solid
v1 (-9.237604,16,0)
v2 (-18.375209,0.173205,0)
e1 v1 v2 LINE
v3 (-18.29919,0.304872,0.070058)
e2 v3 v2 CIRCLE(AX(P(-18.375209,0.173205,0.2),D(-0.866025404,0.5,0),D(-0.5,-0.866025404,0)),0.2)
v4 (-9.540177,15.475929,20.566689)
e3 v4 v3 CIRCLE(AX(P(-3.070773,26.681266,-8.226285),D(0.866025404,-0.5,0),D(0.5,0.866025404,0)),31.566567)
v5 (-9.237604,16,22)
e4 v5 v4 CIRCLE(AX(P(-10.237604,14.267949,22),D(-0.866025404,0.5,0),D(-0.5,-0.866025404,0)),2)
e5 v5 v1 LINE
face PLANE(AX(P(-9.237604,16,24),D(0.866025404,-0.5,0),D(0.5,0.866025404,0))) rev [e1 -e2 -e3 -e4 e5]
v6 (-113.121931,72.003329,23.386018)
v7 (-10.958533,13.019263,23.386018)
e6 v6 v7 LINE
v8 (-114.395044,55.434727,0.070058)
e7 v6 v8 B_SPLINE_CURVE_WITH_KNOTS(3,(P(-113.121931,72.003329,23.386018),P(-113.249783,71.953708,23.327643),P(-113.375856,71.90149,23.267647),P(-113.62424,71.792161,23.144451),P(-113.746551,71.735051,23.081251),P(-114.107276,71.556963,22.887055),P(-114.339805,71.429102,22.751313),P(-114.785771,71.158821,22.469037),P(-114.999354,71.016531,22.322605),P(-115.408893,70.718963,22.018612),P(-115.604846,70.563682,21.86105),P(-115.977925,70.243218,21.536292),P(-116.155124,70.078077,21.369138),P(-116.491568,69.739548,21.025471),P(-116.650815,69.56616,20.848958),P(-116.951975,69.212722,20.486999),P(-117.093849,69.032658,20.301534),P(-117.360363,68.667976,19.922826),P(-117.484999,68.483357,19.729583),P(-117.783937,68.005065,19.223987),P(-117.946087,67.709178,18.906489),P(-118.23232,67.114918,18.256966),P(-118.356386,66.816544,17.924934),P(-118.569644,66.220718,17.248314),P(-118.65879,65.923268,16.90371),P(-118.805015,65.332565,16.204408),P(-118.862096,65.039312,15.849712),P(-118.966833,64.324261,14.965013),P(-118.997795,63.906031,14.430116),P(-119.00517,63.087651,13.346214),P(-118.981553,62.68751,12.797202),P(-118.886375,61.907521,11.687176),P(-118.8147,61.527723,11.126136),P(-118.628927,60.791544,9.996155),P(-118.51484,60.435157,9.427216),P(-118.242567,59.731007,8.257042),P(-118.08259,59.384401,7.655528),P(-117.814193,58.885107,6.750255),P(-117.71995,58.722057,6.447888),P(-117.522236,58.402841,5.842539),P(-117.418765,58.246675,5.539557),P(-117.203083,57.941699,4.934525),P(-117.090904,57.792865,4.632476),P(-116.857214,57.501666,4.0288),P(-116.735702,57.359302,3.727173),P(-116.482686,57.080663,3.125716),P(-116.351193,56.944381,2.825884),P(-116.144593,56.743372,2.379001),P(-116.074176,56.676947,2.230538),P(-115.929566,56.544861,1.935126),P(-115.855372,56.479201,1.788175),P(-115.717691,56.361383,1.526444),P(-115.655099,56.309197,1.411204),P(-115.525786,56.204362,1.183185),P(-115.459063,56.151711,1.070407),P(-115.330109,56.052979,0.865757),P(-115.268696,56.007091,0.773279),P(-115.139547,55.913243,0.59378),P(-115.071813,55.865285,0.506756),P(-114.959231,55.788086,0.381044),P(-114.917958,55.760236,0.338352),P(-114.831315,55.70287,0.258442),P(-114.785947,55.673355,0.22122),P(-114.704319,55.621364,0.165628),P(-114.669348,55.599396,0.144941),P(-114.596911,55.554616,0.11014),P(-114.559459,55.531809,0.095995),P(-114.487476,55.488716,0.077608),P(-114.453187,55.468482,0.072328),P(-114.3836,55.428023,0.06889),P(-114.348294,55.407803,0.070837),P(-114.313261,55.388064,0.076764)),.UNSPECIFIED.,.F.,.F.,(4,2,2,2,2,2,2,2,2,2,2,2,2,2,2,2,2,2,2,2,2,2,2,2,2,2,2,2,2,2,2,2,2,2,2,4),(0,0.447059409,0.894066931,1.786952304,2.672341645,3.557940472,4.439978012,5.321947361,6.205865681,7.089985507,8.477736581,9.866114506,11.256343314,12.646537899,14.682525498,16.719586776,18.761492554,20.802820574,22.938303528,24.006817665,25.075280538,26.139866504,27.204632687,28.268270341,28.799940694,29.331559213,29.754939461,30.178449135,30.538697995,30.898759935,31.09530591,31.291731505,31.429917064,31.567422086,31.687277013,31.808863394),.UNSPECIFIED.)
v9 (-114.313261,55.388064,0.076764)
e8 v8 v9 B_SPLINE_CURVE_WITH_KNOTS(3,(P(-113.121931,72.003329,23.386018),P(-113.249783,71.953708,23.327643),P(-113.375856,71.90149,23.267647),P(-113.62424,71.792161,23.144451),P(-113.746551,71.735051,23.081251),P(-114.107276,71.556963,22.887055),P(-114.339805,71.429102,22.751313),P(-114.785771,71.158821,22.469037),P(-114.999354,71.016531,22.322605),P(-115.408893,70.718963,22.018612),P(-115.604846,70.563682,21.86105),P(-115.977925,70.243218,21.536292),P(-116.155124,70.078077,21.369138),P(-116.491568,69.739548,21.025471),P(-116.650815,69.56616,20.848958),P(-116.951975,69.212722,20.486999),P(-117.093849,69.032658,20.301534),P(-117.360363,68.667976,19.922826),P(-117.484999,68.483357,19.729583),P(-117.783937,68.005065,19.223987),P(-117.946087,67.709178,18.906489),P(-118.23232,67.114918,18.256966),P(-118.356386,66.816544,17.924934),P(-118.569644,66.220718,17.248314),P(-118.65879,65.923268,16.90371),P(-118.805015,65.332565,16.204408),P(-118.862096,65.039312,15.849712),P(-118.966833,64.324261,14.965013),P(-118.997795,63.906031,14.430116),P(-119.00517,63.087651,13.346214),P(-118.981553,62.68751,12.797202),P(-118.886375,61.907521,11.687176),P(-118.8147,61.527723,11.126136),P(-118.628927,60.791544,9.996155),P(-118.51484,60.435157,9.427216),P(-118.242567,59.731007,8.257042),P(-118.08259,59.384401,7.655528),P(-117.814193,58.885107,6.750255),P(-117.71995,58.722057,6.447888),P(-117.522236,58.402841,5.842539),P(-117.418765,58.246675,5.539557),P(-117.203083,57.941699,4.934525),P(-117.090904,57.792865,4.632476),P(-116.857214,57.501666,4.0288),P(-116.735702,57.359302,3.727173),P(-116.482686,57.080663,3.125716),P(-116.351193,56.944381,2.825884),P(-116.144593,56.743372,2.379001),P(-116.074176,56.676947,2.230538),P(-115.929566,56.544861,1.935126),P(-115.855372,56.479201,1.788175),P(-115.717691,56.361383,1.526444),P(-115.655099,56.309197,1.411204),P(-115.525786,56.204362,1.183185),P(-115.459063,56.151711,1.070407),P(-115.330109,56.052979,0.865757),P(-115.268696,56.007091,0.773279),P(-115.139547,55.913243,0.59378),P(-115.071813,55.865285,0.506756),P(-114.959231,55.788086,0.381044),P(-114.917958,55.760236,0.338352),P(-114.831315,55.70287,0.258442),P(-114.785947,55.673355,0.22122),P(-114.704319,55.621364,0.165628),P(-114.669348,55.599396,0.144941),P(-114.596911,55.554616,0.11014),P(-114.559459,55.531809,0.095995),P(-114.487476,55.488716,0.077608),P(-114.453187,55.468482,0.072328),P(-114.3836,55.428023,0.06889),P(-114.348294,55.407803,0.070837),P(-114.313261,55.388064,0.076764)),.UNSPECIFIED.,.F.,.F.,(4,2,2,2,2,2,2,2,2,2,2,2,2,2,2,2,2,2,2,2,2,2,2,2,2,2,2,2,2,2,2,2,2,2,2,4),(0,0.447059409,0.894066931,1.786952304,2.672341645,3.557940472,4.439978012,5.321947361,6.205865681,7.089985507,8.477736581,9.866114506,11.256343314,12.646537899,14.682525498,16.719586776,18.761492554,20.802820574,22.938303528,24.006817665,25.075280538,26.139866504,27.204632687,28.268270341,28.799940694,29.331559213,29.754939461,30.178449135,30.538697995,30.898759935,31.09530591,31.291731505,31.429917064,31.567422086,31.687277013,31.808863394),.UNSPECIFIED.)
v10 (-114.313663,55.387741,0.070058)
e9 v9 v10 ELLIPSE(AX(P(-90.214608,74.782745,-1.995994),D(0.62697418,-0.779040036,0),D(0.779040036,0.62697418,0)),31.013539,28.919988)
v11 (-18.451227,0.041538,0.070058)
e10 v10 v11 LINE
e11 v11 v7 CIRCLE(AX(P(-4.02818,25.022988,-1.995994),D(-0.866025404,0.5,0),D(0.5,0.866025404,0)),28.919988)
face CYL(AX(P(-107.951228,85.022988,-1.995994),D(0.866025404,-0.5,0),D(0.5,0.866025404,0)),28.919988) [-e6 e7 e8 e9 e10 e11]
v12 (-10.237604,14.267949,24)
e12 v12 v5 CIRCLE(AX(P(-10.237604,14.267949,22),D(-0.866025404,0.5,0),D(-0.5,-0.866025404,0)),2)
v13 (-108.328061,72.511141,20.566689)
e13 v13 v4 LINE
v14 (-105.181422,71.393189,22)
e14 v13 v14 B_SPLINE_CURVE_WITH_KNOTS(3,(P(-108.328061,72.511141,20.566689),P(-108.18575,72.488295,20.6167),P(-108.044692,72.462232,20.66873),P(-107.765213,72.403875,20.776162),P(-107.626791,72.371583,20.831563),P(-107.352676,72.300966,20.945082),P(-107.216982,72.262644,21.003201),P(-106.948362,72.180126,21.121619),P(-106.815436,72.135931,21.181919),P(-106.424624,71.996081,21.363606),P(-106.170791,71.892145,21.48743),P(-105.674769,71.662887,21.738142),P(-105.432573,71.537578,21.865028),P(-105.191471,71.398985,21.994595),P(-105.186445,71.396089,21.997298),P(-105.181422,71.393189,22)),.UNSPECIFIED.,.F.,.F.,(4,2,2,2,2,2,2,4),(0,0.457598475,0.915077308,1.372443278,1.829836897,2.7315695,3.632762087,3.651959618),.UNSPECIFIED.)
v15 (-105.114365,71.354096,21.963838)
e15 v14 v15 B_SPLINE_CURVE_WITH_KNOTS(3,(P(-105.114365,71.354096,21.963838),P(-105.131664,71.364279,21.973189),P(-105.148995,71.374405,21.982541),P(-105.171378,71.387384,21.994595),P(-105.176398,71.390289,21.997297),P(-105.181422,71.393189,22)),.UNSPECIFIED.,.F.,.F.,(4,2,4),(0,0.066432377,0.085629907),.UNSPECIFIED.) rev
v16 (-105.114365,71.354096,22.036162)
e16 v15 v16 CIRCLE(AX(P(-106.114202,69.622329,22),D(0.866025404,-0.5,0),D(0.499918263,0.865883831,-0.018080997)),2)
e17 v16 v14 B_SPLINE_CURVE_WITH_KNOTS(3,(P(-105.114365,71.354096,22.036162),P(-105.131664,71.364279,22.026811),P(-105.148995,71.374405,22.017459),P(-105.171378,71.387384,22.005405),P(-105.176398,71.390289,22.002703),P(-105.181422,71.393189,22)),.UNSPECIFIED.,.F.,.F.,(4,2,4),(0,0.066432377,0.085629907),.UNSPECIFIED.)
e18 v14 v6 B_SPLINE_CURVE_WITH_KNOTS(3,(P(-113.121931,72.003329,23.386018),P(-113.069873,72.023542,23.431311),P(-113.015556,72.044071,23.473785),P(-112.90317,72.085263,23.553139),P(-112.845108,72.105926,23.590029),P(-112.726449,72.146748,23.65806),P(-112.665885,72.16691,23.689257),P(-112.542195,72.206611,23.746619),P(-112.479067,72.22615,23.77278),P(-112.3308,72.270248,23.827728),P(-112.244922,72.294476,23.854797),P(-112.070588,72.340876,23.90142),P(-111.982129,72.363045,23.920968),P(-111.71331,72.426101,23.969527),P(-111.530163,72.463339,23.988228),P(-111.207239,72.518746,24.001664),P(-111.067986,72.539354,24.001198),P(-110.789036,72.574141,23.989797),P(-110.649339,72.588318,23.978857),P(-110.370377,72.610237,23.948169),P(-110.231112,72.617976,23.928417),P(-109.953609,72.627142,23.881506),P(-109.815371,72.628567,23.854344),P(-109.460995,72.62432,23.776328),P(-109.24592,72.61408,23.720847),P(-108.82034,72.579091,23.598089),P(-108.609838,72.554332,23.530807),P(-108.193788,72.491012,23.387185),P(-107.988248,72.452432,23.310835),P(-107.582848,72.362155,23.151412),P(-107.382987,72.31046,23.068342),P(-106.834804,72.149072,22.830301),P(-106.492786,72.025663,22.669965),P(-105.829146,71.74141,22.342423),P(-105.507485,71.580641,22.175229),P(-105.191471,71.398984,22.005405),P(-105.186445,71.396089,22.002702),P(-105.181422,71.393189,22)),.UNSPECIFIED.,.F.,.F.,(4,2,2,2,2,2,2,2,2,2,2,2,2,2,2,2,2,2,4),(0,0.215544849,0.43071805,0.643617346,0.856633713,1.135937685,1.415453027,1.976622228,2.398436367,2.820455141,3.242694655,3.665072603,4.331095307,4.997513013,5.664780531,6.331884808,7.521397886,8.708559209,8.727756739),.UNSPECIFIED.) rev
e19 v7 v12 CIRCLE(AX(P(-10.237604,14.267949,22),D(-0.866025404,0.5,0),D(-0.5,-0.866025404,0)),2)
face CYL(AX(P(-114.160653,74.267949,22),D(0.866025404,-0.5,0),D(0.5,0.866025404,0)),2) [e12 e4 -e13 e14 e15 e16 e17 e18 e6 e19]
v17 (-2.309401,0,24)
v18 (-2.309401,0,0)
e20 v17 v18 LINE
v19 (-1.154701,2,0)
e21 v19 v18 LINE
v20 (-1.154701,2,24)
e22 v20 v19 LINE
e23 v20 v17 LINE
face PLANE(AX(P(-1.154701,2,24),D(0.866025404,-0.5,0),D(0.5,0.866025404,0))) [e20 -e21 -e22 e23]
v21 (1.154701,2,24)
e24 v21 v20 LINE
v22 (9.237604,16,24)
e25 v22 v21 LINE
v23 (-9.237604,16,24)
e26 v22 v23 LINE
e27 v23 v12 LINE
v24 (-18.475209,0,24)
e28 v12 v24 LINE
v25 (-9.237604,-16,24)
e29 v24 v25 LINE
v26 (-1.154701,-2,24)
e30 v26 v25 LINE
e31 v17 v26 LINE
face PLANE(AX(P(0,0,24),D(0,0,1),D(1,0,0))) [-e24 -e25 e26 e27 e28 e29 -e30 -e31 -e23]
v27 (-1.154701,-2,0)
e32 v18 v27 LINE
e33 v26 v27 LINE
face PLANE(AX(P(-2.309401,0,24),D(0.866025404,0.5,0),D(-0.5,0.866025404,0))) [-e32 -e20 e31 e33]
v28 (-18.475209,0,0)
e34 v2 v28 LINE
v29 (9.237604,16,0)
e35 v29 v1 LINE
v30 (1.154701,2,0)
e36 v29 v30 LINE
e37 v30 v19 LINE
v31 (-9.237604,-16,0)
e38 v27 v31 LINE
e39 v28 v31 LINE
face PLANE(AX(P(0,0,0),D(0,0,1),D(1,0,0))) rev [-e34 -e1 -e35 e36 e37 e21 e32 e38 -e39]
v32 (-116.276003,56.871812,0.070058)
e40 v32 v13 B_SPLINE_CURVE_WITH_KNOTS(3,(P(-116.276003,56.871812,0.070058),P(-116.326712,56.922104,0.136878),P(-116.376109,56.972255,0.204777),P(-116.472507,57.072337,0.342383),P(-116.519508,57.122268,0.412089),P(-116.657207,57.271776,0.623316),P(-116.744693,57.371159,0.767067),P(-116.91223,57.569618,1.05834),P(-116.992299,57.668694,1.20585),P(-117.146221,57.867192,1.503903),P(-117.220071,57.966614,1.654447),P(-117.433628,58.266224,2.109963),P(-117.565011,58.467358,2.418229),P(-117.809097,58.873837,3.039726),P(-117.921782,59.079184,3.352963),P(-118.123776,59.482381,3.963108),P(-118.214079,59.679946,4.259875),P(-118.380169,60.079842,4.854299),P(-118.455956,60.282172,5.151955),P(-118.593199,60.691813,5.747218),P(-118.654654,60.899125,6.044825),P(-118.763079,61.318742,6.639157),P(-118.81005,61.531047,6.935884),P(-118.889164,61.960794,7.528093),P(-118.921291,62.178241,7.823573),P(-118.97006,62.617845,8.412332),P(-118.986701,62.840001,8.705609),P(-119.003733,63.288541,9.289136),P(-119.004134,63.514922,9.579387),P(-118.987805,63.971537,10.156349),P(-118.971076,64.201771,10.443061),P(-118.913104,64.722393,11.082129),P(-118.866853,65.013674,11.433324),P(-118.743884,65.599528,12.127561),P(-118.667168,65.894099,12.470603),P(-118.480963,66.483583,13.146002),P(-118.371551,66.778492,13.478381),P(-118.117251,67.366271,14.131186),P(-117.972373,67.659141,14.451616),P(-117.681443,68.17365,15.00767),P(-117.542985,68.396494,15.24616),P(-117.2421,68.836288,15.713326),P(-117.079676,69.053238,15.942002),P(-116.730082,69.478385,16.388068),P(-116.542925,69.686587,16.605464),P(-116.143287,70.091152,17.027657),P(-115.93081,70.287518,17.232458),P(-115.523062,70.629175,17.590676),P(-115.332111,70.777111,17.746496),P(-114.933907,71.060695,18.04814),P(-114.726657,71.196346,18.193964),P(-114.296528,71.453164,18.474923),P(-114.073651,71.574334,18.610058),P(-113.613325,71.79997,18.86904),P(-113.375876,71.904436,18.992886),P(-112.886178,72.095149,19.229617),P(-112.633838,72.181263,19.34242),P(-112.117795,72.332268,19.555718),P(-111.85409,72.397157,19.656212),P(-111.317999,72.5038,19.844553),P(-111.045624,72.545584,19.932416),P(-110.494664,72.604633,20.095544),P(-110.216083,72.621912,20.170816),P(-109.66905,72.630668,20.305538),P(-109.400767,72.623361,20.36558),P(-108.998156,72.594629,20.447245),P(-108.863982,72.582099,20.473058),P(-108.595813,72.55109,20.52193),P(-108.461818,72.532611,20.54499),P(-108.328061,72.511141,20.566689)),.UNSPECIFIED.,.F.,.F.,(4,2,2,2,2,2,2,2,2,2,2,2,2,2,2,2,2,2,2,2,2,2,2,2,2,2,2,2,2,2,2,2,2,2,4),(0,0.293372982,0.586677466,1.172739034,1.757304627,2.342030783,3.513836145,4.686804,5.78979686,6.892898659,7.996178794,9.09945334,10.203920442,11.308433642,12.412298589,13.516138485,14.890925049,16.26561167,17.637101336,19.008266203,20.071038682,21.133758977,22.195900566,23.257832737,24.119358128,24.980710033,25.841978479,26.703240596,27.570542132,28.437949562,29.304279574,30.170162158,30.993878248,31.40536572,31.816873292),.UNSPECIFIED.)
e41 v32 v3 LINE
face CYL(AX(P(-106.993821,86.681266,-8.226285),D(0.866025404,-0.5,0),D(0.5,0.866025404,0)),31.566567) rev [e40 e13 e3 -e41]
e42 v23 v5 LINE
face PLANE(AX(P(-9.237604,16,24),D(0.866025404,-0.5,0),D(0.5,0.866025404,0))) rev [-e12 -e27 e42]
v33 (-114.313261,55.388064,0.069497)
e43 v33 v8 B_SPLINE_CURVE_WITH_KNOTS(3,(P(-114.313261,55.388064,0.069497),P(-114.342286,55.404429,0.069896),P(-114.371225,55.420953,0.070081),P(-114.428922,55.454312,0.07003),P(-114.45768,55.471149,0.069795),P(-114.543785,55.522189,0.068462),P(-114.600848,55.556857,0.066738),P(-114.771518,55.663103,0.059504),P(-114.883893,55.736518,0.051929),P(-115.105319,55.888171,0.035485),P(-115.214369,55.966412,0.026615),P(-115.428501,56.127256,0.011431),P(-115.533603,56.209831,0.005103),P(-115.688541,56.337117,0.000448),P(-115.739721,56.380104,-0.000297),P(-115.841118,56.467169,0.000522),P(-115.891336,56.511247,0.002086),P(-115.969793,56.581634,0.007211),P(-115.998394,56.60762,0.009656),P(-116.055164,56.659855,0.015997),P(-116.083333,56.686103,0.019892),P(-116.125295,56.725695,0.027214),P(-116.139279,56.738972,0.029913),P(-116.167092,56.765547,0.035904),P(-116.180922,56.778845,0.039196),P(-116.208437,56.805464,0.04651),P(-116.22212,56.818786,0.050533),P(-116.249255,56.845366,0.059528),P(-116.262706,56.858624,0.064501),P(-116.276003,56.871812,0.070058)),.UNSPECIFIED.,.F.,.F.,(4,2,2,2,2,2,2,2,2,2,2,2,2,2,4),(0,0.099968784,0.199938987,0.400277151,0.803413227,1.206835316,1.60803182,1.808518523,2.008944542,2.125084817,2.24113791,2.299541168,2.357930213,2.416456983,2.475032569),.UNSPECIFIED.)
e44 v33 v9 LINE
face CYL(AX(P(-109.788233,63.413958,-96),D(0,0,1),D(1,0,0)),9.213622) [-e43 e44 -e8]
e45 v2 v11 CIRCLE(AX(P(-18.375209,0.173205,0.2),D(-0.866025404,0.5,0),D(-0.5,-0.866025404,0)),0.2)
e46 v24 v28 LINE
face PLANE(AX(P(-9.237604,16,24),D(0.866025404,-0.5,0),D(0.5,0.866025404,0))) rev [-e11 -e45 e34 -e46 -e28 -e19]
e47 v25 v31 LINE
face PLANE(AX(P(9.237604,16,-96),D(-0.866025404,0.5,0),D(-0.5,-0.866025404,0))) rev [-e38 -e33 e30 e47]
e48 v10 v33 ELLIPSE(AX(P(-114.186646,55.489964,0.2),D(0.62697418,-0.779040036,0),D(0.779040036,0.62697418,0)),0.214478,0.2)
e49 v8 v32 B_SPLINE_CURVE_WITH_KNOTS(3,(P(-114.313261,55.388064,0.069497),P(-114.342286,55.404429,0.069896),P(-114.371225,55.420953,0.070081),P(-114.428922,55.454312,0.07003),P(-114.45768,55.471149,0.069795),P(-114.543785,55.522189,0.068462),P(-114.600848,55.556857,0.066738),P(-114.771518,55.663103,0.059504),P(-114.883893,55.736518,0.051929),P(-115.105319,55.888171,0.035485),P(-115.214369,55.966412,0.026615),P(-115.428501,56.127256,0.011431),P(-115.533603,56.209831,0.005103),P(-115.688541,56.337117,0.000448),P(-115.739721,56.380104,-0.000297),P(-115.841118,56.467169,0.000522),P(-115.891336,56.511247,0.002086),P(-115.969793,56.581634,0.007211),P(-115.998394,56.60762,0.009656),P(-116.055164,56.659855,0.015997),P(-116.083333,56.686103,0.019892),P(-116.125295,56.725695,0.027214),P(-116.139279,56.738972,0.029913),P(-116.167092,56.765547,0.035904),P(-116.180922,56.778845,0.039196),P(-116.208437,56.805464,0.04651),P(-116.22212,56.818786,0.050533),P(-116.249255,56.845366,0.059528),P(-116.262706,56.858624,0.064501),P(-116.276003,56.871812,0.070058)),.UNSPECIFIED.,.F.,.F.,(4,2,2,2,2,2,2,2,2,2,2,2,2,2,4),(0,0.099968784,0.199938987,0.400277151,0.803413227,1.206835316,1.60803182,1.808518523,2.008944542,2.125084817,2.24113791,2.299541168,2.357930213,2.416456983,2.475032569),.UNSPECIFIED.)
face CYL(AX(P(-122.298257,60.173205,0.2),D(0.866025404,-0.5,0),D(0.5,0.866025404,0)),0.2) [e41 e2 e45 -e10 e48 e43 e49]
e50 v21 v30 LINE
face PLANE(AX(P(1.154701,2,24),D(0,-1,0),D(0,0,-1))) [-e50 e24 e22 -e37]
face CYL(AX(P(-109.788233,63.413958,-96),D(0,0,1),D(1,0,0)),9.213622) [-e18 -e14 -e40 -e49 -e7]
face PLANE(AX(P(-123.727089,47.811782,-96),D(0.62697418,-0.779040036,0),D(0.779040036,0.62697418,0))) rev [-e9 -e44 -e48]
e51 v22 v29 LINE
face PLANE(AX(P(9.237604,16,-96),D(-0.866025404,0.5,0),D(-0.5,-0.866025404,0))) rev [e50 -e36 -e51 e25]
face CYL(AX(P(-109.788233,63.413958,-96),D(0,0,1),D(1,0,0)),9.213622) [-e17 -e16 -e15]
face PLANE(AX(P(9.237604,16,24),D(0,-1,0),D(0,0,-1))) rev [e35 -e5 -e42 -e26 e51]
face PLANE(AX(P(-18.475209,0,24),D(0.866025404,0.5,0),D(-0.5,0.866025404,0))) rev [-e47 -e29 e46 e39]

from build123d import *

# Parameters (mm, degrees)
Y_KSEKLIK_EKSTR_ZYON1_DEPTH = 24
Y_KSEKLIK_EKSTR_ZYON3_DEPTH = 120
KES_EKSTR_ZYON1_DEPTH       = 120
KES_EKSTR_ZYON2_DEPTH       = 120


with BuildPart() as part:
    # Çizim1 → Yükseklik-Ekstrüzyon1 (new body)
    with BuildSketch(Plane.XY):
        Polygon((18.475208614, 0), (9.237604307, 16), (-9.237604307, 16), (-18.475208614, 0), (-9.237604307, -16), (9.237604307, -16), align=None)
        Polygon((2.309401077, 0), (1.154700538, 2), (-1.154700538, 2), (-2.309401077, 0), (-1.154700538, -2), (1.154700538, -2), align=None, mode=Mode.SUBTRACT)
    extrude(amount=Y_KSEKLIK_EKSTR_ZYON1_DEPTH)

    # Çizim2 → Yükseklik-Ekstrüzyon3 (add)
    with BuildSketch(Plane(origin=(-13.856406461, 8, 0), x_dir=(0, 0, 1), z_dir=(-0.866025404, 0.5, 0))):
        with BuildLine():
            ThreePointArc((20.566689436, 8.632459435), (12.282851611, -2.425053991), (0.070057864, -8.885567992))
            ThreePointArc((0.070057864, -8.885567992), (0, -9.037604307), (0.070057864, -9.189640622))
            ThreePointArc((0.070057864, -9.189640622), (13.640166109, -4.672052834), (23.386017658, 5.795746113))
            ThreePointArc((23.386017658, 5.795746113), (23.418553761, 8.64746431), (20.566689436, 8.632459435))
        make_face()
    extrude(amount=Y_KSEKLIK_EKSTR_ZYON3_DEPTH)

    # Çizim4 → Kes-Ekstrüzyon1 (cut)
    with BuildSketch(Plane.XY.offset(24)):
        with BuildLine():
            Line((-105.114365337, 71.354096261), (-100.895998051, 78.520414233))
            Line((-100.895998051, 78.520414233), (-120.05269231, 81.506783127))
            Line((-120.05269231, 81.506783127), (-133.968493321, 62.353012073))
            Line((-133.968493321, 62.353012073), (-123.727089206, 47.811781803))
            Line((-123.727089206, 47.811781803), (-114.313260633, 55.388064385))
            ThreePointArc((-114.313260633, 55.388064385), (-117.77159569, 68.013605153), (-105.114365337, 71.354096261))
        make_face()
    extrude(amount=-KES_EKSTR_ZYON1_DEPTH, mode=Mode.SUBTRACT)

    # Çizim5 → Kes-Ekstrüzyon2 (cut)
    with BuildSketch(Plane.XY.offset(24)):
        Polygon((9.237604307, 16), (-9.237604307, -16), (-9.237604307, -28.740421499), (42.199790623, -28.740421499), (42.199790623, 12.667995961), align=None)
    extrude(amount=-KES_EKSTR_ZYON2_DEPTH, mode=Mode.SUBTRACT)


solid = part.part
